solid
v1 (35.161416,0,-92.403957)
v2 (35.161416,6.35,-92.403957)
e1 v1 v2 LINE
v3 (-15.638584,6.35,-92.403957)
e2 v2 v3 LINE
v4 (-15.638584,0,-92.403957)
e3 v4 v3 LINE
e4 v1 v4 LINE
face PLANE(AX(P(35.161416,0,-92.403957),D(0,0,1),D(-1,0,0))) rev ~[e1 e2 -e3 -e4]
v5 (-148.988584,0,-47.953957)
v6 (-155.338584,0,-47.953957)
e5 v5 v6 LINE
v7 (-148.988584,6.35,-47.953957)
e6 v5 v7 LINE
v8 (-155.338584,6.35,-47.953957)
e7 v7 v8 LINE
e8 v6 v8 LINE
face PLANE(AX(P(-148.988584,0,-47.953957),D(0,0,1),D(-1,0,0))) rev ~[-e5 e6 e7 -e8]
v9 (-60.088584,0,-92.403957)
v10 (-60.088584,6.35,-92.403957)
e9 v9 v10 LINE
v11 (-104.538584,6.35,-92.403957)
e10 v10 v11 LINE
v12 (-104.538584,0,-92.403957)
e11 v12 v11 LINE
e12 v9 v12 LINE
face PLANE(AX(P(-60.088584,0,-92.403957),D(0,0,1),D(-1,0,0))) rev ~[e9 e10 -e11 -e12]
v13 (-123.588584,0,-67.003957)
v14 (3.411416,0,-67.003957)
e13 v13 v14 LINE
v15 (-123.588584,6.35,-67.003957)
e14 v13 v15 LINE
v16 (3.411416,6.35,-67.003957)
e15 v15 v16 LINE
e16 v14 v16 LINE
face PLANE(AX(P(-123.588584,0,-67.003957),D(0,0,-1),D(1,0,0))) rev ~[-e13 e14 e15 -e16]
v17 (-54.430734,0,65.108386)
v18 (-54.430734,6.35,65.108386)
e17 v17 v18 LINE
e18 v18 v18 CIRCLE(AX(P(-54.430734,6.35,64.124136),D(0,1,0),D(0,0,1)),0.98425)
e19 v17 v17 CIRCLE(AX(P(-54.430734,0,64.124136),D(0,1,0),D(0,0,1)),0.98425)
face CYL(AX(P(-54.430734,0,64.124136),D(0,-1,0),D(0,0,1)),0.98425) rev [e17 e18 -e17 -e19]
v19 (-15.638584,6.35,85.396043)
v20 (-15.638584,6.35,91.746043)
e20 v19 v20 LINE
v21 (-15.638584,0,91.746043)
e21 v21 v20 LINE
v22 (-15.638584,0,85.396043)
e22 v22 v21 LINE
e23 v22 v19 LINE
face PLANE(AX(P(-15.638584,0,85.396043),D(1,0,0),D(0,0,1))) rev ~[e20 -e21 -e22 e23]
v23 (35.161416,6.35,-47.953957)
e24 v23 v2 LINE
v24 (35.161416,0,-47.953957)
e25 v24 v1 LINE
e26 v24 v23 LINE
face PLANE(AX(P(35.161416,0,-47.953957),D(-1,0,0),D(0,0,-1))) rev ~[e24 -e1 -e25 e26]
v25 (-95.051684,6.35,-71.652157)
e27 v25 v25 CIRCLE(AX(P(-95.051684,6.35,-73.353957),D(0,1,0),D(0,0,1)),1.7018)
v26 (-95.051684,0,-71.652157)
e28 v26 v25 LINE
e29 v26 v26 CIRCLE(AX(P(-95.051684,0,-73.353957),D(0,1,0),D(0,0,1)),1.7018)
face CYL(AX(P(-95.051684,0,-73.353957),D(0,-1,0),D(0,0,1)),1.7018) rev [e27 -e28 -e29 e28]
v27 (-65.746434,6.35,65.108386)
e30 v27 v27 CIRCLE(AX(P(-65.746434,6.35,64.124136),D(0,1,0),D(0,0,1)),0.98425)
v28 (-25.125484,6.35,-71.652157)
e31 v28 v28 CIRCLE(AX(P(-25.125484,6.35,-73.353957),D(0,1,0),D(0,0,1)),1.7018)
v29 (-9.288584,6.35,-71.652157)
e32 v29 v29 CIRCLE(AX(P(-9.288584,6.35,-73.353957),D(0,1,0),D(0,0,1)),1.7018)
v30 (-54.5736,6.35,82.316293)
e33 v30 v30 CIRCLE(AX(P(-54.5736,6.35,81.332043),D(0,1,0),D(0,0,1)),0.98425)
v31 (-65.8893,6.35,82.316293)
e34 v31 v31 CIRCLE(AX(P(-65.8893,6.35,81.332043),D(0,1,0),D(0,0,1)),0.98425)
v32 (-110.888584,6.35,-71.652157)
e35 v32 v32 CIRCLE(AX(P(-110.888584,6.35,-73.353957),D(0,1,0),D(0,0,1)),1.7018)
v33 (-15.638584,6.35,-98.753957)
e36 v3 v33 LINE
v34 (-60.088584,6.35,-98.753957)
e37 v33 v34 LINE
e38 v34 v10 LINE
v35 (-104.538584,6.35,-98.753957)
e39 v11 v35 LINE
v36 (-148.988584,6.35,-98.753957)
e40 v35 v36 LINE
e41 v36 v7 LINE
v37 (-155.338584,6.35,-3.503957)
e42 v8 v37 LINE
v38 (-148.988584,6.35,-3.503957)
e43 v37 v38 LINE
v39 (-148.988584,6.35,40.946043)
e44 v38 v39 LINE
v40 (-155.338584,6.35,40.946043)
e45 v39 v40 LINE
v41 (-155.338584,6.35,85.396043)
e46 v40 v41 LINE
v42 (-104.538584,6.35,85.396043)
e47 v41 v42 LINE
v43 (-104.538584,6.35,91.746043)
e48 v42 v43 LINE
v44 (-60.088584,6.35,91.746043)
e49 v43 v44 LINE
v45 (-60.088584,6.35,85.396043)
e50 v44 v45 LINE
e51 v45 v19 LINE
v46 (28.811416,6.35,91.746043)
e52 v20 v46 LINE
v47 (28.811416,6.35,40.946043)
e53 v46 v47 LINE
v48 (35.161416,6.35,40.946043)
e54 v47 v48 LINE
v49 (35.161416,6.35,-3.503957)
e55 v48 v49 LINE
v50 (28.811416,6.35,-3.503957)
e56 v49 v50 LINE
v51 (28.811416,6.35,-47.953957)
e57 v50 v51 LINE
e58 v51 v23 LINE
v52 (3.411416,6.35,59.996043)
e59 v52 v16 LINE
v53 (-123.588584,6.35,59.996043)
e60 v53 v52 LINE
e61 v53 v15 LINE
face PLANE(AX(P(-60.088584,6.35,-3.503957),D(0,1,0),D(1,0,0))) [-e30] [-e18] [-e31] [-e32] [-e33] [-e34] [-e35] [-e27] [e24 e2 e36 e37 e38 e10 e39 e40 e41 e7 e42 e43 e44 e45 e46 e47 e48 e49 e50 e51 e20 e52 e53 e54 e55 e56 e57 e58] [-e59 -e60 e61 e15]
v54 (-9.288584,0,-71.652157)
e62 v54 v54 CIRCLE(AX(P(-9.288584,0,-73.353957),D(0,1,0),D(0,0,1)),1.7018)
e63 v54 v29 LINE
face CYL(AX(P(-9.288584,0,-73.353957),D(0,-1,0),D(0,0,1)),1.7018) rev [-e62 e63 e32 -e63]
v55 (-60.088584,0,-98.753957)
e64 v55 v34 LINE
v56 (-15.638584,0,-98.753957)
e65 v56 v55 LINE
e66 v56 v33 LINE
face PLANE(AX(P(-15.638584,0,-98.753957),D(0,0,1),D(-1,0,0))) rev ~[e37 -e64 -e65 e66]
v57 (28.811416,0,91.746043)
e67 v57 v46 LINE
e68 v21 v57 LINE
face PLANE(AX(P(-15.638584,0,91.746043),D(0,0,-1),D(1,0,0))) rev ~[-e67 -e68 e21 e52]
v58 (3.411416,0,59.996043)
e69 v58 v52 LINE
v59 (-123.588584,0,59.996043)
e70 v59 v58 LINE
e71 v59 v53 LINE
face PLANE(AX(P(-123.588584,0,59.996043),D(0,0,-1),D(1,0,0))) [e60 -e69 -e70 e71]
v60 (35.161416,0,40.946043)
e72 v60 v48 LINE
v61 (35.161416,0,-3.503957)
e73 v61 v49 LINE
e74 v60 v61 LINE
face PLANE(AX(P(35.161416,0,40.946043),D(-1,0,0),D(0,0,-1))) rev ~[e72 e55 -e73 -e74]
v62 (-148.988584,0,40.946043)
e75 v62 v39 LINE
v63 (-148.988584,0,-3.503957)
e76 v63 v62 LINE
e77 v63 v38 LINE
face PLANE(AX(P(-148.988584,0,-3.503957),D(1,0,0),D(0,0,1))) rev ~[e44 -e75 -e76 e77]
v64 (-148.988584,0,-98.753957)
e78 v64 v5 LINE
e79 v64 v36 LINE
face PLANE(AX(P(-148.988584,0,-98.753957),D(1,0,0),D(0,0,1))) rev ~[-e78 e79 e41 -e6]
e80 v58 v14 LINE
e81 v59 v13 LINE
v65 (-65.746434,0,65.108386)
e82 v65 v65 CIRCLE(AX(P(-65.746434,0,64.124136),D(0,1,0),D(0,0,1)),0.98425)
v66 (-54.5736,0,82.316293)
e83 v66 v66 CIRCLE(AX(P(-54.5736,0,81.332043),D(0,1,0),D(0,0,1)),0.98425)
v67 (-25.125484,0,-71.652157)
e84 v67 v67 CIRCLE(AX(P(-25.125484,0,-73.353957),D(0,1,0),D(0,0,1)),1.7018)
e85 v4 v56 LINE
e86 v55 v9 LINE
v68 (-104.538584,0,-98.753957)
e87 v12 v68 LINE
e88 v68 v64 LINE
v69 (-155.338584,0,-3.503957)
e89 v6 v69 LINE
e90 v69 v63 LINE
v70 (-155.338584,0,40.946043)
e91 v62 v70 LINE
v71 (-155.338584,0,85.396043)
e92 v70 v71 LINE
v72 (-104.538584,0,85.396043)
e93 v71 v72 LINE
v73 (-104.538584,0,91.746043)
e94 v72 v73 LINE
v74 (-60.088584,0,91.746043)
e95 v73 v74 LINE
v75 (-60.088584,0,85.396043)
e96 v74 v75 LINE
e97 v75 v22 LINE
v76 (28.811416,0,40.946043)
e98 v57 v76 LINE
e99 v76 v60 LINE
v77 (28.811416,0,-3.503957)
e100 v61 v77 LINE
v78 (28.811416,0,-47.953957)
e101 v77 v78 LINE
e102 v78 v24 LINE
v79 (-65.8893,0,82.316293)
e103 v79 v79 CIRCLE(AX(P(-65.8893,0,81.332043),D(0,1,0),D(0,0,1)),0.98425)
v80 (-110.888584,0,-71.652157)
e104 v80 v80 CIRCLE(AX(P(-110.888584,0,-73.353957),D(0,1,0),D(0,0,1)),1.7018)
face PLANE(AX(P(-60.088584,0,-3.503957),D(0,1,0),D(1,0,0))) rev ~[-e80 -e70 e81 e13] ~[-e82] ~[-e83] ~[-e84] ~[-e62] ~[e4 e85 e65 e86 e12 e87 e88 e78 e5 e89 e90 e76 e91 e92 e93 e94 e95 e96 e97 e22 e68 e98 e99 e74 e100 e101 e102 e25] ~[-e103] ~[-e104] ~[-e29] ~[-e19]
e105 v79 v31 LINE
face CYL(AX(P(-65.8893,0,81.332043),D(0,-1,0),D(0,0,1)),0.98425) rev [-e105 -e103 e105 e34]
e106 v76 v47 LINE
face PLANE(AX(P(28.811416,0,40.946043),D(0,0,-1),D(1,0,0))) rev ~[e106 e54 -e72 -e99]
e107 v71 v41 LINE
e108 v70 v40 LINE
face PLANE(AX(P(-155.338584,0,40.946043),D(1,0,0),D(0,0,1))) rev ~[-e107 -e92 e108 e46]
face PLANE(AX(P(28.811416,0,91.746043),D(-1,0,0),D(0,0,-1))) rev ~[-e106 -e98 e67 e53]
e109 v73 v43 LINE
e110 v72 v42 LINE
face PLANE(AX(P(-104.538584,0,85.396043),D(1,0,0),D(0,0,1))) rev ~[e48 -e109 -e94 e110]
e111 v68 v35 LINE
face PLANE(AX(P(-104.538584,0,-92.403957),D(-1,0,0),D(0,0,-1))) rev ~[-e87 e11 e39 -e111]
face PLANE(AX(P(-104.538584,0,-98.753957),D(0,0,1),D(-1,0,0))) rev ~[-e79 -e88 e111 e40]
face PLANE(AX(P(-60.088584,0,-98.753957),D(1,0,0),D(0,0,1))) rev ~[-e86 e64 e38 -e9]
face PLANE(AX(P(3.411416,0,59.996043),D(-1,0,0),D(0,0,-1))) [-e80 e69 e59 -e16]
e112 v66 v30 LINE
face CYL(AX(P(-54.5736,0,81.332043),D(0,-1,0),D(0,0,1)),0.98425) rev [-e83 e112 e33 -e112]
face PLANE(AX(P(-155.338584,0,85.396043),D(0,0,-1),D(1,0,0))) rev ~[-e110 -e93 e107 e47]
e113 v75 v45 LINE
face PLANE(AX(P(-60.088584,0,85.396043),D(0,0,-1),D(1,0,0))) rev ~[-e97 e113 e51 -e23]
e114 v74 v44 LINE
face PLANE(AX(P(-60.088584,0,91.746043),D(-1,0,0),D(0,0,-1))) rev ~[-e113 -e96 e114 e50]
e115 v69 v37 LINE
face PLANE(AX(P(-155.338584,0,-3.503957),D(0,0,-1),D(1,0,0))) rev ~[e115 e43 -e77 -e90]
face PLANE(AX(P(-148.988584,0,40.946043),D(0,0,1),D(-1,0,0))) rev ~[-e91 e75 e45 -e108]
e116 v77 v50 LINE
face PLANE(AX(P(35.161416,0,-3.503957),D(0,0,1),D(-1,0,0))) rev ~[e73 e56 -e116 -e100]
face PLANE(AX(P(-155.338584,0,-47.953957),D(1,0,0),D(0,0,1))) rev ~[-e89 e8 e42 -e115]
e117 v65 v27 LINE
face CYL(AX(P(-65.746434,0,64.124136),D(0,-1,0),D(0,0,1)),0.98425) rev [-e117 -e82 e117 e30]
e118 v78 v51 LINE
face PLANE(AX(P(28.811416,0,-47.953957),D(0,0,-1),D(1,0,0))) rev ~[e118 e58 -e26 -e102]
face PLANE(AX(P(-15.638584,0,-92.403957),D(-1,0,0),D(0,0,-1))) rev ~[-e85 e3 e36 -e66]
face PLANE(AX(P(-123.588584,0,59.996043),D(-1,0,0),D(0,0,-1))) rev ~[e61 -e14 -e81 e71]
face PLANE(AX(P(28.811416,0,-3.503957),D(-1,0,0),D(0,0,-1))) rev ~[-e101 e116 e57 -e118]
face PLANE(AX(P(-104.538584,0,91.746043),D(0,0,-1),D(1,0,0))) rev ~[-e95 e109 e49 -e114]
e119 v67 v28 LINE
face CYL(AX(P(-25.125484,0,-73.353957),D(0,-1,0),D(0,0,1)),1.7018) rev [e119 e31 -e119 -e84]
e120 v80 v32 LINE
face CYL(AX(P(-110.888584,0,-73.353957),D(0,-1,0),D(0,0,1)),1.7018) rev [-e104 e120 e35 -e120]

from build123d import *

# Parameters (mm, degrees)
SKETCH1_R           = 1.7018
SKETCH1_R_2         = 0.98425
SKETCH1_W           = 127
SKETCH1_H           = 127
BOSS_EXTRUDE1_DEPTH = 6.35


with BuildPart() as part:
    # Sketch1 → Boss-Extrude1 (new body)
    with BuildSketch(Plane(origin=(0, 0, 0), x_dir=(1, 0, 0), z_dir=(0, 1, 0))):
        Polygon((-155.3385836, 3.503957448), (-148.9885836, 3.503957448), (-148.9885836, -40.946042552), (-155.3385836, -40.946042552), (-155.3385836, -85.396042552), (-104.5385836, -85.396042552), (-104.5385836, -91.746042552), (-60.0885836, -91.746042552), (-60.0885836, -85.396042552), (-15.6385836, -85.396042552), (-15.6385836, -91.746042552), (28.8114164, -91.746042552), (28.8114164, -40.946042552), (35.1614164, -40.946042552), (35.1614164, 3.503957448), (28.8114164, 3.503957448), (28.8114164, 47.953957448), (35.1614164, 47.953957448), (35.1614164, 92.403957448), (-15.6385836, 92.403957448), (-15.6385836, 98.753957448), (-60.0885836, 98.753957448), (-60.0885836, 92.403957448), (-104.5385836, 92.403957448), (-104.5385836, 98.753957448), (-148.9885836, 98.753957448), (-148.9885836, 47.953957448), (-155.3385836, 47.953957448), align=None)
        with Locations(Location((-9.2885836, 73.353957448, 0), (0, 0, 270))):
            Circle(SKETCH1_R, mode=Mode.SUBTRACT)
        with Locations(Location((-65.889299947, -81.332042552, 0), (0, 0, 270))):
            Circle(SKETCH1_R_2, mode=Mode.SUBTRACT)
        with Locations(Location((-65.7464336, -64.124135606, 0), (0, 0, 270))):
            Circle(SKETCH1_R_2, mode=Mode.SUBTRACT)
        with Locations(Location((-54.573599947, -81.332042552, 0), (0, 0, 270))):
            Circle(SKETCH1_R_2, mode=Mode.SUBTRACT)
        with Locations(Location((-54.4307336, -64.124135606, 0), (0, 0, 270))):
            Circle(SKETCH1_R_2, mode=Mode.SUBTRACT)
        with Locations((-60.0885836, 3.503957448)):
            Rectangle(SKETCH1_W, SKETCH1_H, mode=Mode.SUBTRACT)
        with Locations(Location((-110.8885836, 73.353957448, 0), (0, 0, 270))):
            Circle(SKETCH1_R, mode=Mode.SUBTRACT)
        with Locations(Location((-95.0516836, 73.353957448, 0), (0, 0, 270))):
            Circle(SKETCH1_R, mode=Mode.SUBTRACT)
        with Locations(Location((-25.1254836, 73.353957448, 0), (0, 0, 270))):
            Circle(SKETCH1_R, mode=Mode.SUBTRACT)
    extrude(amount=BOSS_EXTRUDE1_DEPTH)


solid = part.part
